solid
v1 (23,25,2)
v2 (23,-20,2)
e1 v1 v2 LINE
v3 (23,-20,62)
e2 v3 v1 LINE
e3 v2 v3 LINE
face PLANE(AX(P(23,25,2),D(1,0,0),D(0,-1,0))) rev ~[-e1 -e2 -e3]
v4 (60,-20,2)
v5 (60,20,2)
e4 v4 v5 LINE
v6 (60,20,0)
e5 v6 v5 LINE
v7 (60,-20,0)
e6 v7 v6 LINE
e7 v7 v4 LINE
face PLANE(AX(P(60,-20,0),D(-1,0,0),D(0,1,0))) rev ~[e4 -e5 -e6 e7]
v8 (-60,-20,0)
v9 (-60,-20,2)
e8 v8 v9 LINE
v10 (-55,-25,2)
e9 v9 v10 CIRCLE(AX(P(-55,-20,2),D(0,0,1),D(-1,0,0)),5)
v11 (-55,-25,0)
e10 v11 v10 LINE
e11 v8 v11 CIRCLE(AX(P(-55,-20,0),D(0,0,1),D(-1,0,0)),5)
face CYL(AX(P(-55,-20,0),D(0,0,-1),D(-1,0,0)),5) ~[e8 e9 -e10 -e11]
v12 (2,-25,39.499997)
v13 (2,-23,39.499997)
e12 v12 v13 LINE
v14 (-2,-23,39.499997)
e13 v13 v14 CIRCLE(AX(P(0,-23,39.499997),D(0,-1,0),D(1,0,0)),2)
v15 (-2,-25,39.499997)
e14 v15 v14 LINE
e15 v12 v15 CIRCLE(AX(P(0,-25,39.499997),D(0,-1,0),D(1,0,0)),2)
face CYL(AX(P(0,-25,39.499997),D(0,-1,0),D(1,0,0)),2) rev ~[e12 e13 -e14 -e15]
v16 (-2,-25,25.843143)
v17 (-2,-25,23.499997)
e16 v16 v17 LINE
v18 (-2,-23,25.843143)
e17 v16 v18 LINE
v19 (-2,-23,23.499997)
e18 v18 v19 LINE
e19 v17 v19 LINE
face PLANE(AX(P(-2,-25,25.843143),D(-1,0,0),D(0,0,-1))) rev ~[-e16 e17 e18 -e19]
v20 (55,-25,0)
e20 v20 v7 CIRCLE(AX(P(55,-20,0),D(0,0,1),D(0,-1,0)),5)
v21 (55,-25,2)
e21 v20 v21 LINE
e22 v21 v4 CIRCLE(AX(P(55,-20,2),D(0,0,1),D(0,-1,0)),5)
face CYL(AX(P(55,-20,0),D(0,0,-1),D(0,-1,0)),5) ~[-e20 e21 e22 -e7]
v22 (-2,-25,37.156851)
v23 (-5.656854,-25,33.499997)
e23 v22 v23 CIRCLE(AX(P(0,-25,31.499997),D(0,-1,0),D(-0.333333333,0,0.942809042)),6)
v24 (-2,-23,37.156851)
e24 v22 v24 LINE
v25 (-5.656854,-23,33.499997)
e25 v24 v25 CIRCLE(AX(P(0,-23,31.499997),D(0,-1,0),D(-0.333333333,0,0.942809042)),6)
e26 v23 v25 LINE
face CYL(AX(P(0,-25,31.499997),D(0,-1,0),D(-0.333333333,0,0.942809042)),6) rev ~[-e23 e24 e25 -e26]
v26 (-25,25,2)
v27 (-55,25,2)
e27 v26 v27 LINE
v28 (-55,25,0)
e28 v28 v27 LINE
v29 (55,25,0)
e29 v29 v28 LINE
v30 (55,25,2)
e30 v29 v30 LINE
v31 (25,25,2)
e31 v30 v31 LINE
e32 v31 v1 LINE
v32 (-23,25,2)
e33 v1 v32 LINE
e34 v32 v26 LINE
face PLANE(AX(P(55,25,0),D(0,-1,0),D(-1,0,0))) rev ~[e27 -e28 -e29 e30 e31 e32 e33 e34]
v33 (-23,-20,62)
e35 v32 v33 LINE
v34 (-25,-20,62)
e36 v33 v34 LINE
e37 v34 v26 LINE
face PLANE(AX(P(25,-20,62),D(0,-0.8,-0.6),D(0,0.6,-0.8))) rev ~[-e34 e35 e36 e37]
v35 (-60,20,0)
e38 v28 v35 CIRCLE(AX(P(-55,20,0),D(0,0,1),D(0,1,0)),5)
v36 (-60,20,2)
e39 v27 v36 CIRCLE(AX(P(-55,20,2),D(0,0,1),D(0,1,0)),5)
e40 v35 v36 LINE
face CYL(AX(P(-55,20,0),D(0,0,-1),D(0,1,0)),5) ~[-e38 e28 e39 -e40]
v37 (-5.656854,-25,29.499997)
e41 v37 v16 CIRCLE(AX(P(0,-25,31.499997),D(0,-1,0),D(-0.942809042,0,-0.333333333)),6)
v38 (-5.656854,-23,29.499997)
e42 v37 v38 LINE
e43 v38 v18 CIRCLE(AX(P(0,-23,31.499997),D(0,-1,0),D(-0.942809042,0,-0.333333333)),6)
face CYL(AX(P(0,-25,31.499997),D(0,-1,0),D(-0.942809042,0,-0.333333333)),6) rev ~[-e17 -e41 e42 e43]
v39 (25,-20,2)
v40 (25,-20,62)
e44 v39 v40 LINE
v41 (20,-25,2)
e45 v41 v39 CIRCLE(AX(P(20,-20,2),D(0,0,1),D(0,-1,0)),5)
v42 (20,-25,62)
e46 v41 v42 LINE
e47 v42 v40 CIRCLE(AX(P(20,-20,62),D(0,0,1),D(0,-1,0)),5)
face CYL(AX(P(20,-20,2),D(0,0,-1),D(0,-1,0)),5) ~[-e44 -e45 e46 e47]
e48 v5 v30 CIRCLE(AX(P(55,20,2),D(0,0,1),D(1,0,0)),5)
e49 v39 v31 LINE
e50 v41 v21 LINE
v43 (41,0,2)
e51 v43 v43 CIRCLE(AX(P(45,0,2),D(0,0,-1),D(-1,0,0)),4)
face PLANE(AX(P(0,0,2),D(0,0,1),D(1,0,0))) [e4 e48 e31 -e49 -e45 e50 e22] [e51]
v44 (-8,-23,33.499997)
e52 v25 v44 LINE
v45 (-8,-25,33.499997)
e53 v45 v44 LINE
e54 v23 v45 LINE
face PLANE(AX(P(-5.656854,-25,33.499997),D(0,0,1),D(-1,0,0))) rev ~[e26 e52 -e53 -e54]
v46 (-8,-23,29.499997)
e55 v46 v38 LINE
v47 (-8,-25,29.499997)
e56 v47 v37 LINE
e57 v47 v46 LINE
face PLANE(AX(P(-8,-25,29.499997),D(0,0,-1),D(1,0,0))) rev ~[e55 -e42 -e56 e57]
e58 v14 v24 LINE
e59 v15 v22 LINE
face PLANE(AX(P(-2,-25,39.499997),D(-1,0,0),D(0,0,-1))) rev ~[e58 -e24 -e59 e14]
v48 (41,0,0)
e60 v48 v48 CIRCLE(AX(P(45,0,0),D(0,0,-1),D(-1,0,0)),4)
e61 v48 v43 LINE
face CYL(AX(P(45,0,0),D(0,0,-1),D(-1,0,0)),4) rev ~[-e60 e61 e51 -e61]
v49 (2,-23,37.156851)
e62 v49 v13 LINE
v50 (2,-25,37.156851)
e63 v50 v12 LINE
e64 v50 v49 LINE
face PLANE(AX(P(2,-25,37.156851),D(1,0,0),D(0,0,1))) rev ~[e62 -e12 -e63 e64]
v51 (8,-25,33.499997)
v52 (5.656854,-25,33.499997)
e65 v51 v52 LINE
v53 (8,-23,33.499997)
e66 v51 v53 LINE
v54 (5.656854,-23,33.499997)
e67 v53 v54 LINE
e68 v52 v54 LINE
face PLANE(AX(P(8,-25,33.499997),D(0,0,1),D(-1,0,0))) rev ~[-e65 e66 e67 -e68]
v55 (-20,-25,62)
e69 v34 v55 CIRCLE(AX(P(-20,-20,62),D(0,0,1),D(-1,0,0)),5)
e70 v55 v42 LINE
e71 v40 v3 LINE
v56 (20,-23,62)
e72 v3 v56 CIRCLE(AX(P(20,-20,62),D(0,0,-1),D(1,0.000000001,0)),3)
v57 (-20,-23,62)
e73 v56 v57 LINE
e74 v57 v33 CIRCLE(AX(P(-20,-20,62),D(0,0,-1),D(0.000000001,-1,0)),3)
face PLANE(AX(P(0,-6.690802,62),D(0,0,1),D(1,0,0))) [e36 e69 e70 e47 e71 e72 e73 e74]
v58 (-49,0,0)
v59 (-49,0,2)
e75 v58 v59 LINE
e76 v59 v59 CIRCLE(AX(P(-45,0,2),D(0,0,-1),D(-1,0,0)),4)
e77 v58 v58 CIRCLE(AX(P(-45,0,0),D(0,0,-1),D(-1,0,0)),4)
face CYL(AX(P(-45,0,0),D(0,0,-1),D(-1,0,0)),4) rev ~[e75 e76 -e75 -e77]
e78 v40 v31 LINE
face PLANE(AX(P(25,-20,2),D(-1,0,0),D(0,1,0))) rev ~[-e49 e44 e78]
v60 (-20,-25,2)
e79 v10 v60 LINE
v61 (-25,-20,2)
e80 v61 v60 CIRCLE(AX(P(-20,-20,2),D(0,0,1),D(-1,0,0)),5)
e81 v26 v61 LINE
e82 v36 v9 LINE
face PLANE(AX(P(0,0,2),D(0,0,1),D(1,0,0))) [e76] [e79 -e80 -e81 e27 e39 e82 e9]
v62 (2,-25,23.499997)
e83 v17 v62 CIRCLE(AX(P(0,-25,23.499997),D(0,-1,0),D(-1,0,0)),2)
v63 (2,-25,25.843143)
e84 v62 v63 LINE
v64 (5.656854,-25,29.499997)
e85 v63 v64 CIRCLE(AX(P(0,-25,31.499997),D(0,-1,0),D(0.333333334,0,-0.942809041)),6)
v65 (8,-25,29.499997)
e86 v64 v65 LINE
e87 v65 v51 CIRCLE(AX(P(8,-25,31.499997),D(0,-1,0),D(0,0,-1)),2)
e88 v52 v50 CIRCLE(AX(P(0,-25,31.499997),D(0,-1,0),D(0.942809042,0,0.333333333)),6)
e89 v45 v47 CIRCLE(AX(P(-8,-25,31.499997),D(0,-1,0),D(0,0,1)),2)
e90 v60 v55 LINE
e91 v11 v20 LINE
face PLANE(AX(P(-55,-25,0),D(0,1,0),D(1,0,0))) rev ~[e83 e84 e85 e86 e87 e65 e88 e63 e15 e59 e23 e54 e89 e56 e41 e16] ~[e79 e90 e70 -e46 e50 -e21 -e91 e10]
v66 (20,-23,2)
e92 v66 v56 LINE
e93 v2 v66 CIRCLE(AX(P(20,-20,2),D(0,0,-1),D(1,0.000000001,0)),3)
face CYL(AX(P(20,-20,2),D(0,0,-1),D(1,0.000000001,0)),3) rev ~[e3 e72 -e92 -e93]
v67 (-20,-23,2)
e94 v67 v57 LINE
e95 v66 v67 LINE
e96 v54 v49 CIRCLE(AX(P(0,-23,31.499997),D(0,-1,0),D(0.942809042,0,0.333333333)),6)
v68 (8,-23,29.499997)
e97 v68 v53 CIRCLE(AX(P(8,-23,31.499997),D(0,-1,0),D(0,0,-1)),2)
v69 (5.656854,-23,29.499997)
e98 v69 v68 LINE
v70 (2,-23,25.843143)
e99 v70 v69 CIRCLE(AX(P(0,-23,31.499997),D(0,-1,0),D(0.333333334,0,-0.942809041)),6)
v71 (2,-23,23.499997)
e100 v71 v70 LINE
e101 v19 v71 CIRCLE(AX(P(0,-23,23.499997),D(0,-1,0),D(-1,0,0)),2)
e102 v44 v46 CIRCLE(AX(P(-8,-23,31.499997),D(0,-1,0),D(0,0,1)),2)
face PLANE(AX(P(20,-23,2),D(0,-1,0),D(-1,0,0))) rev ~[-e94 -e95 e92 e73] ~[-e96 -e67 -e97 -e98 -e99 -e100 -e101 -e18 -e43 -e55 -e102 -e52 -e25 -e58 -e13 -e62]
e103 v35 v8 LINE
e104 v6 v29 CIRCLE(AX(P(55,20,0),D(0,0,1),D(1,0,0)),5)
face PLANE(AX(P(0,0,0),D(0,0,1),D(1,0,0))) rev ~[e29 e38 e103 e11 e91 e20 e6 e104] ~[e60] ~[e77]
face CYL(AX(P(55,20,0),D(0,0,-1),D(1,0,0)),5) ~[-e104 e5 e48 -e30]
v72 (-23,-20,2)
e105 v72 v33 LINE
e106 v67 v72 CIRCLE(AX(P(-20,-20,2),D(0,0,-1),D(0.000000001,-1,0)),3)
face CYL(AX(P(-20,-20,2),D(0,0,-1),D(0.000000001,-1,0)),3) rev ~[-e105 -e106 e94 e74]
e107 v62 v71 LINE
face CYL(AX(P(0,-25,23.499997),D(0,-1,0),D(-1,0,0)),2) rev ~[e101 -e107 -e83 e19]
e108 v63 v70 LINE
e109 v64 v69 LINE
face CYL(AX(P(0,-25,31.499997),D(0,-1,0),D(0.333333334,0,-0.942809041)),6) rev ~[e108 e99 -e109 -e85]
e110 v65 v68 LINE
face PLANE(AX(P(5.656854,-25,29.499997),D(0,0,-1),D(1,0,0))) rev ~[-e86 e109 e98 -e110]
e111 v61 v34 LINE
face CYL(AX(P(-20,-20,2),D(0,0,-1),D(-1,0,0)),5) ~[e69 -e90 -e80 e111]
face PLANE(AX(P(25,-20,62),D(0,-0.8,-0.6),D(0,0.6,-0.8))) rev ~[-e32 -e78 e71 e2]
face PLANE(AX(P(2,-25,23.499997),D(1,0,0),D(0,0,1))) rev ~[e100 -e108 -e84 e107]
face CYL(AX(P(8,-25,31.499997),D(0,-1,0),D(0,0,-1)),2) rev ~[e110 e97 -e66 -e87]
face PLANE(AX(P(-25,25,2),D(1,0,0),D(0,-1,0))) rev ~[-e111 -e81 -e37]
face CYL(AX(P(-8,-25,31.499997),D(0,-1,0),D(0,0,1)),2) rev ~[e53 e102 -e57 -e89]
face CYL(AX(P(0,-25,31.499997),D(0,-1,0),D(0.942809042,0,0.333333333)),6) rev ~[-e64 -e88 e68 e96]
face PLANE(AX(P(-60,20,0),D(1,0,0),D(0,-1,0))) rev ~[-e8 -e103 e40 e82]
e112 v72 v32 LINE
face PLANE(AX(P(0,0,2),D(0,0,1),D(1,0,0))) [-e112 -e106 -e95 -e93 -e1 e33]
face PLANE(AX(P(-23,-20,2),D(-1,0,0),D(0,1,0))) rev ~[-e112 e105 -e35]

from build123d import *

# Parameters (mm, degrees)
SALIENTE_EXTRUIR1_DEPTH = 2
SALIENTE_EXTRUIR2_DEPTH = 60
CORTAR_EXTRUIR1_DEPTH   = 50
CROQUIS4_R              = 4
CORTAR_EXTRUIR2_DEPTH   = 2
CORTAR_EXTRUIR6_DEPTH   = 2


with BuildPart() as part:
    # Croquis1 → Saliente-Extruir1 (new body)
    with BuildSketch(Plane.XY):
        with BuildLine():
            Line((-55, -25), (55, -25))
            ThreePointArc((55, -25), (58.535533906, -23.535533906), (60, -20))
            Line((60, -20), (60, 20))
            ThreePointArc((60, 20), (58.535533906, 23.535533906), (55, 25))
            Line((55, 25), (-55, 25))
            ThreePointArc((-55, 25), (-58.535533906, 23.535533906), (-60, 20))
            Line((-60, 20), (-60, -20))
            ThreePointArc((-60, -20), (-58.535533906, -23.535533906), (-55, -25))
        make_face()
    extrude(amount=SALIENTE_EXTRUIR1_DEPTH)

    # Croquis2 → Saliente-Extruir2 (add)
    with BuildSketch(Plane.XY.offset(2)):
        with BuildLine():
            Line((-20, -25), (20, -25))
            ThreePointArc((20, -25), (23.535533906, -23.535533906), (25, -20))
            Line((25, -20), (25, 25))
            Line((25, 25), (23, 25))
            Line((23, 25), (23, -20))
            ThreePointArc((23, -20), (22.121320344, -22.121320344), (20, -23))
            Line((20, -23), (-20, -23))
            ThreePointArc((-20, -23), (-22.121320344, -22.121320344), (-23, -20))
            Line((-23, -20), (-23, 25))
            Line((-23, 25), (-25, 25))
            Line((-25, 25), (-25, -20))
            ThreePointArc((-25, -20), (-23.535533906, -23.535533906), (-20, -25))
        make_face()
    extrude(amount=SALIENTE_EXTRUIR2_DEPTH)

    # Croquis3 → Cortar-Extruir1 (cut)
    with BuildSketch(Plane(origin=(25, 0, 0), x_dir=(0, 0, -1), z_dir=(1, 0, 0))):
        Polygon((-62, -20), (-2, 25), (-62, 25), align=None)
    extrude(amount=-CORTAR_EXTRUIR1_DEPTH, mode=Mode.SUBTRACT)

    # Croquis4 → Cortar-Extruir2 (cut)
    with BuildSketch(Plane(origin=(0, 0, 0), x_dir=(-1, 0, 0), z_dir=(0, 0, -1))):
        with Locations((-45, 0)):
            Circle(CROQUIS4_R)
        with Locations((45, 0)):
            Circle(CROQUIS4_R)
    extrude(amount=-CORTAR_EXTRUIR2_DEPTH, mode=Mode.SUBTRACT)

    # Croquis5 → Cortar-Extruir6 (cut)
    with BuildSketch(Plane.XZ.offset(25)):
        with BuildLine():
            ThreePointArc((-2, 23.499997), (0, 21.499997), (2, 23.499997))
            Line((2, 23.499997), (2, 25.84314275))
            ThreePointArc((2, 25.84314275), (4.242640687, 27.257356313), (5.656854249, 29.499997))
            Line((5.656854249, 29.499997), (8, 29.499997))
            ThreePointArc((8, 29.499997), (10, 31.499997), (8, 33.499997))
            Line((8, 33.499997), (5.656854249, 33.499997))
            ThreePointArc((5.656854249, 33.499997), (4.242640687, 35.742637687), (2, 37.156851249))
            Line((2, 37.156851249), (2, 39.499997))
            ThreePointArc((2, 39.499997), (0, 41.499997), (-2, 39.499997))
            Line((-2, 39.499997), (-2, 37.156851249))
            ThreePointArc((-2, 37.156851249), (-4.242640687, 35.742637687), (-5.656854249, 33.499997))
            Line((-5.656854249, 33.499997), (-8, 33.499997))
            ThreePointArc((-8, 33.499997), (-10, 31.499997), (-8, 29.499997))
            Line((-8, 29.499997), (-5.656854249, 29.499997))
            ThreePointArc((-5.656854249, 29.499997), (-4.242640687, 27.257356313), (-2, 25.84314275))
            Line((-2, 25.84314275), (-2, 23.499997))
        make_face()
    extrude(amount=-CORTAR_EXTRUIR6_DEPTH, mode=Mode.SUBTRACT)


solid = part.part
